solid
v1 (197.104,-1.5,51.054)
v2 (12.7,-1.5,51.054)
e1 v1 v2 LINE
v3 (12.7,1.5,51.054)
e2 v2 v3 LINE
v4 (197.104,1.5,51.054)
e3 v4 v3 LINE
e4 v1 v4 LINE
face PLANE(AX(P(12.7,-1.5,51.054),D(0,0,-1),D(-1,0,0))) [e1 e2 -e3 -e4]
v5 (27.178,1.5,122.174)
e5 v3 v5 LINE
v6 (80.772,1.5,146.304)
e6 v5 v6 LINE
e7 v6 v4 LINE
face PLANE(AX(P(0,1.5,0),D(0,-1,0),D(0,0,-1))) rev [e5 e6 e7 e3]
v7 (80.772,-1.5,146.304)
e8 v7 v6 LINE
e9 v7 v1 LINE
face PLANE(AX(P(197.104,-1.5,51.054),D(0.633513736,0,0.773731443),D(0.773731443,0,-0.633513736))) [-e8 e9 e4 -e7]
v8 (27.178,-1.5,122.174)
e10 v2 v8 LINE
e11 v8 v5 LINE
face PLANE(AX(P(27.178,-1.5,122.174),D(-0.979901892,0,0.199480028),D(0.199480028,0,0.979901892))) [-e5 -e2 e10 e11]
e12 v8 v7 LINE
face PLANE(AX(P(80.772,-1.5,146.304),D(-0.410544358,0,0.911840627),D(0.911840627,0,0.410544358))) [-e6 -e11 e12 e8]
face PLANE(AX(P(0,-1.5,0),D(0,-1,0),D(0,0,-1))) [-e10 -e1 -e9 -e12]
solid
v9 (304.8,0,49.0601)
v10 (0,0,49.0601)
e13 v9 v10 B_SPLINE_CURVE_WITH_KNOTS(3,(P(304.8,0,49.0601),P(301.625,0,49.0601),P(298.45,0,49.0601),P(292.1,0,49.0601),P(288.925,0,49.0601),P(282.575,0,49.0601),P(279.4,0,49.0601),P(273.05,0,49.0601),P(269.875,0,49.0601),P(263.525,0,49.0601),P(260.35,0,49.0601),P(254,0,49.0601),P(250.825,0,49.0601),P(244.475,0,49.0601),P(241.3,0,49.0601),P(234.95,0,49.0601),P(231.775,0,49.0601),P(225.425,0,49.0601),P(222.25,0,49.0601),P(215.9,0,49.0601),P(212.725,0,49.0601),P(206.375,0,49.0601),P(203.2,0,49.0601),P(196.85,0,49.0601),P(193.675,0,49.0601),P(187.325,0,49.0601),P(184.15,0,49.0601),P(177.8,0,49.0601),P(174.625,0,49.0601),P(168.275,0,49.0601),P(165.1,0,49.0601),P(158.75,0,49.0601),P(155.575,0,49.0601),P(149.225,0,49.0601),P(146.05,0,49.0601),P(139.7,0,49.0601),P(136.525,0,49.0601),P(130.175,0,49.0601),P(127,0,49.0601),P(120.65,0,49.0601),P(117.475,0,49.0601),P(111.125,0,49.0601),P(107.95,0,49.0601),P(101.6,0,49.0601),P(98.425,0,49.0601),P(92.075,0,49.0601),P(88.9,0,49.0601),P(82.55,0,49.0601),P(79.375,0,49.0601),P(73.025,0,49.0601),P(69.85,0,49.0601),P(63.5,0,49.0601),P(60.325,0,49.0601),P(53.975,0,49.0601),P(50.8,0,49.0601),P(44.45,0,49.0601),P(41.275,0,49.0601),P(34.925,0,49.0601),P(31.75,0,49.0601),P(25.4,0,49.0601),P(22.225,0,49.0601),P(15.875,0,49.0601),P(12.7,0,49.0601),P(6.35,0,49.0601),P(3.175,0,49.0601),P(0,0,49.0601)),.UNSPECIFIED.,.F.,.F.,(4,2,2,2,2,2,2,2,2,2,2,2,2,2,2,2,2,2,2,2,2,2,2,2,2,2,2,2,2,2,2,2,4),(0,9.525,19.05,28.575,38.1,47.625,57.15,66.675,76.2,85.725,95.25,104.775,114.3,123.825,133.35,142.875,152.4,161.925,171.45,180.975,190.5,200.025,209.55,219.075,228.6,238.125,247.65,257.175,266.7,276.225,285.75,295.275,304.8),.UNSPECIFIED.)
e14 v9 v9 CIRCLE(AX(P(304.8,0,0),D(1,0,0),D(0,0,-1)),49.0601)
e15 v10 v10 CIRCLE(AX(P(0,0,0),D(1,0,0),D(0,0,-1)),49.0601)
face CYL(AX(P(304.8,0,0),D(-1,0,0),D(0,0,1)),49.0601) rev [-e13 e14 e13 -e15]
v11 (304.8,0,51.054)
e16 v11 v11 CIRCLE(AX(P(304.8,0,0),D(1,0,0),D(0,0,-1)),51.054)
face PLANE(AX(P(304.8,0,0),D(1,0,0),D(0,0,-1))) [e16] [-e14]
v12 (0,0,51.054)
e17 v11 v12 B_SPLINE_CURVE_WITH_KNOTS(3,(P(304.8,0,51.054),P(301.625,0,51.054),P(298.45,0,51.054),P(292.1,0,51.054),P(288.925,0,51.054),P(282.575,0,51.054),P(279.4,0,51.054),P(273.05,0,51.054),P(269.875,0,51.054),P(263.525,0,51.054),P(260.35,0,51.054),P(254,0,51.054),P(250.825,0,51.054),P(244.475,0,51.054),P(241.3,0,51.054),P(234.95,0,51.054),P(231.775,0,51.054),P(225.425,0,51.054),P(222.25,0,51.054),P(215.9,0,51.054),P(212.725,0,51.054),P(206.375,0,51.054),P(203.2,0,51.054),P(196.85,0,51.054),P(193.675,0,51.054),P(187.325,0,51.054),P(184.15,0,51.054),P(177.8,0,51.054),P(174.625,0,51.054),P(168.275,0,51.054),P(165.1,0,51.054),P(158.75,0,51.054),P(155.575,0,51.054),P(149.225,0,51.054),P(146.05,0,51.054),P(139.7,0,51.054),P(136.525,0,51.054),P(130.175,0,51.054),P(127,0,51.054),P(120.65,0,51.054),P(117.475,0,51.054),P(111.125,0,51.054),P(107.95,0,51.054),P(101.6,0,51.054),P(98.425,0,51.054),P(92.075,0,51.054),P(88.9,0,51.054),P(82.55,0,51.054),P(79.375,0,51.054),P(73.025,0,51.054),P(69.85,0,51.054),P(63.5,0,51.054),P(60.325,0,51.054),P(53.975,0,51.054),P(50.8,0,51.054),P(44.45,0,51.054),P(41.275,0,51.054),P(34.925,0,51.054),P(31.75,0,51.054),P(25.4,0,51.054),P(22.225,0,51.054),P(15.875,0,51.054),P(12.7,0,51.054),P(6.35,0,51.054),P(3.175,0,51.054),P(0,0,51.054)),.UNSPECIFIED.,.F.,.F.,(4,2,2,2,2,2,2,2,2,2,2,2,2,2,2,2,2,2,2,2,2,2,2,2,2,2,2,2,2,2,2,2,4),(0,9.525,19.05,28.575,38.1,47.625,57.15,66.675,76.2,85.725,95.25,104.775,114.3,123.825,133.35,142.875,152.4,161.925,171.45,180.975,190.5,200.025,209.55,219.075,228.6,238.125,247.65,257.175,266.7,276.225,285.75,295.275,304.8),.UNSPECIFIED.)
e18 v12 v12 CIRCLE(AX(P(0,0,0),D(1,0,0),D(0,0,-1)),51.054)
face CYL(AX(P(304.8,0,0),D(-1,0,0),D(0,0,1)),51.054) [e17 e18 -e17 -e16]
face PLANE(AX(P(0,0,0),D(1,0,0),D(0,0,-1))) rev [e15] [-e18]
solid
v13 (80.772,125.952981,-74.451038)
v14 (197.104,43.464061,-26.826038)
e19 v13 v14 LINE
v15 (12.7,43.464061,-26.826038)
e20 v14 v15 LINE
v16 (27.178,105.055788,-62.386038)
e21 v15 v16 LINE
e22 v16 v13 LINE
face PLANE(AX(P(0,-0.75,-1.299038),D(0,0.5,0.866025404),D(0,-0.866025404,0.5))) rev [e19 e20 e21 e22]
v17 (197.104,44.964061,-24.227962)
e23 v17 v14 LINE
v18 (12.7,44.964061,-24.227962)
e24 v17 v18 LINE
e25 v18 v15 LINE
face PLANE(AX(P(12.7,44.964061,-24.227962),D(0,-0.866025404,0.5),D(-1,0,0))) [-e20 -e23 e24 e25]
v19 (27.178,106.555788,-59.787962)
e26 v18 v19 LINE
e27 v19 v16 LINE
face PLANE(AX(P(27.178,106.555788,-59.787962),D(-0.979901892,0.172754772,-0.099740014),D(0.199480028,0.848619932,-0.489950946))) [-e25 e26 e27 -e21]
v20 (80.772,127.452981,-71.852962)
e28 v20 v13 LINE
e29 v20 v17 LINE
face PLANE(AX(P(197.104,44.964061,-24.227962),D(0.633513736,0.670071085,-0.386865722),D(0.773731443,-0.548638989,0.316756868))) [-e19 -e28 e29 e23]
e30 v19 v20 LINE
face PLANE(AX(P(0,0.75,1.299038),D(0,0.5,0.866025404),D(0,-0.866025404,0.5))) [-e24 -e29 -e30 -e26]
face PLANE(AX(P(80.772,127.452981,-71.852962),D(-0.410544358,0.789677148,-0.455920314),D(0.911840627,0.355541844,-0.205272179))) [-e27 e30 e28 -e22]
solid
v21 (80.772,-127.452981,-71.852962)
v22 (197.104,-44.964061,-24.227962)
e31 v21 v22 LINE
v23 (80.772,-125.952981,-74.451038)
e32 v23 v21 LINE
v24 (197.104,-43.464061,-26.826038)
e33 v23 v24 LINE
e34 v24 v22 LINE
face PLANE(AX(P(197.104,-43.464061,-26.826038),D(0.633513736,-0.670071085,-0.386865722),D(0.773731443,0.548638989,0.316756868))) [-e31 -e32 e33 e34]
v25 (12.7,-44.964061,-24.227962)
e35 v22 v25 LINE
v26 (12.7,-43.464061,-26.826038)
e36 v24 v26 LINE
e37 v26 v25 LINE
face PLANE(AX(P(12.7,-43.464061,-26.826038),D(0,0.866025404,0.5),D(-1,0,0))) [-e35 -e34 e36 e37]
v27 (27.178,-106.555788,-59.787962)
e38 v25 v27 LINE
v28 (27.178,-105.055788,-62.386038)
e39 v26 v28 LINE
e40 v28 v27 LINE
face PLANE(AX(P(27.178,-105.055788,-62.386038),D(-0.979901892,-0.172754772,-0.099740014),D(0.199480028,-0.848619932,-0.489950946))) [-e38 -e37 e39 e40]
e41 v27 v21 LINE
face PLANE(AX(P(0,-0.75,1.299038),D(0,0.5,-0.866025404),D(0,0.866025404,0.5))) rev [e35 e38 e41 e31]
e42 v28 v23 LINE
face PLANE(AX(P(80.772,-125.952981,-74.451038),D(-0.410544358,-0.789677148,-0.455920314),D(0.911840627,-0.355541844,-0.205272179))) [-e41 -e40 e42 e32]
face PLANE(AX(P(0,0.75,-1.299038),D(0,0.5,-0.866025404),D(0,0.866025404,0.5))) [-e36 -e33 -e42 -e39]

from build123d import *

# Parameters (mm, degrees)
BODY_TUBE_R              = 51.054
BODY_TUBE_R_2            = 49.0601
BOSS_EXTRUDE1_DEPTH      = 304.8
BOSS_EXTRUDE3_DEPTH      = 1.5
BOSS_EXTRUDE3_DEPTH_BACK = 1.5
CIRPATTERN10_COUNT       = 3


with BuildPart() as part:
    # Body Tube → Boss-Extrude1 (new body)
    with BuildSketch(Plane.YZ):
        Circle(BODY_TUBE_R)
        Circle(BODY_TUBE_R_2, mode=Mode.SUBTRACT)
    extrude(amount=BOSS_EXTRUDE1_DEPTH)


with BuildPart() as body_2:
    # Sketch6 → Boss-Extrude3 (new, two sides: drawn at the far end of the back side and taken through both)
    with BuildSketch(Plane(origin=(0, 0, 0), x_dir=(-1, 0, 0), z_dir=(0, 1, 0)).offset(-BOSS_EXTRUDE3_DEPTH_BACK)):
        Polygon((-12.7, 51.054), (-197.104, 51.054), (-80.772, 146.304), (-27.178, 122.174), align=None)
    extrude(amount=BOSS_EXTRUDE3_DEPTH + BOSS_EXTRUDE3_DEPTH_BACK)


with BuildPart() as cirpattern10_1:
    # CirPattern10: pattern copy
    add(body_2.part.rotate(Axis((304.8, 0, 0), (-1, 0, 0)), 1 * 360 / CIRPATTERN10_COUNT))


with BuildPart() as cirpattern10_2:
    # CirPattern10: pattern copy
    add(body_2.part.rotate(Axis((304.8, 0, 0), (-1, 0, 0)), 2 * 360 / CIRPATTERN10_COUNT))


solid = Compound([part.part, body_2.part, cirpattern10_1.part, cirpattern10_2.part])
